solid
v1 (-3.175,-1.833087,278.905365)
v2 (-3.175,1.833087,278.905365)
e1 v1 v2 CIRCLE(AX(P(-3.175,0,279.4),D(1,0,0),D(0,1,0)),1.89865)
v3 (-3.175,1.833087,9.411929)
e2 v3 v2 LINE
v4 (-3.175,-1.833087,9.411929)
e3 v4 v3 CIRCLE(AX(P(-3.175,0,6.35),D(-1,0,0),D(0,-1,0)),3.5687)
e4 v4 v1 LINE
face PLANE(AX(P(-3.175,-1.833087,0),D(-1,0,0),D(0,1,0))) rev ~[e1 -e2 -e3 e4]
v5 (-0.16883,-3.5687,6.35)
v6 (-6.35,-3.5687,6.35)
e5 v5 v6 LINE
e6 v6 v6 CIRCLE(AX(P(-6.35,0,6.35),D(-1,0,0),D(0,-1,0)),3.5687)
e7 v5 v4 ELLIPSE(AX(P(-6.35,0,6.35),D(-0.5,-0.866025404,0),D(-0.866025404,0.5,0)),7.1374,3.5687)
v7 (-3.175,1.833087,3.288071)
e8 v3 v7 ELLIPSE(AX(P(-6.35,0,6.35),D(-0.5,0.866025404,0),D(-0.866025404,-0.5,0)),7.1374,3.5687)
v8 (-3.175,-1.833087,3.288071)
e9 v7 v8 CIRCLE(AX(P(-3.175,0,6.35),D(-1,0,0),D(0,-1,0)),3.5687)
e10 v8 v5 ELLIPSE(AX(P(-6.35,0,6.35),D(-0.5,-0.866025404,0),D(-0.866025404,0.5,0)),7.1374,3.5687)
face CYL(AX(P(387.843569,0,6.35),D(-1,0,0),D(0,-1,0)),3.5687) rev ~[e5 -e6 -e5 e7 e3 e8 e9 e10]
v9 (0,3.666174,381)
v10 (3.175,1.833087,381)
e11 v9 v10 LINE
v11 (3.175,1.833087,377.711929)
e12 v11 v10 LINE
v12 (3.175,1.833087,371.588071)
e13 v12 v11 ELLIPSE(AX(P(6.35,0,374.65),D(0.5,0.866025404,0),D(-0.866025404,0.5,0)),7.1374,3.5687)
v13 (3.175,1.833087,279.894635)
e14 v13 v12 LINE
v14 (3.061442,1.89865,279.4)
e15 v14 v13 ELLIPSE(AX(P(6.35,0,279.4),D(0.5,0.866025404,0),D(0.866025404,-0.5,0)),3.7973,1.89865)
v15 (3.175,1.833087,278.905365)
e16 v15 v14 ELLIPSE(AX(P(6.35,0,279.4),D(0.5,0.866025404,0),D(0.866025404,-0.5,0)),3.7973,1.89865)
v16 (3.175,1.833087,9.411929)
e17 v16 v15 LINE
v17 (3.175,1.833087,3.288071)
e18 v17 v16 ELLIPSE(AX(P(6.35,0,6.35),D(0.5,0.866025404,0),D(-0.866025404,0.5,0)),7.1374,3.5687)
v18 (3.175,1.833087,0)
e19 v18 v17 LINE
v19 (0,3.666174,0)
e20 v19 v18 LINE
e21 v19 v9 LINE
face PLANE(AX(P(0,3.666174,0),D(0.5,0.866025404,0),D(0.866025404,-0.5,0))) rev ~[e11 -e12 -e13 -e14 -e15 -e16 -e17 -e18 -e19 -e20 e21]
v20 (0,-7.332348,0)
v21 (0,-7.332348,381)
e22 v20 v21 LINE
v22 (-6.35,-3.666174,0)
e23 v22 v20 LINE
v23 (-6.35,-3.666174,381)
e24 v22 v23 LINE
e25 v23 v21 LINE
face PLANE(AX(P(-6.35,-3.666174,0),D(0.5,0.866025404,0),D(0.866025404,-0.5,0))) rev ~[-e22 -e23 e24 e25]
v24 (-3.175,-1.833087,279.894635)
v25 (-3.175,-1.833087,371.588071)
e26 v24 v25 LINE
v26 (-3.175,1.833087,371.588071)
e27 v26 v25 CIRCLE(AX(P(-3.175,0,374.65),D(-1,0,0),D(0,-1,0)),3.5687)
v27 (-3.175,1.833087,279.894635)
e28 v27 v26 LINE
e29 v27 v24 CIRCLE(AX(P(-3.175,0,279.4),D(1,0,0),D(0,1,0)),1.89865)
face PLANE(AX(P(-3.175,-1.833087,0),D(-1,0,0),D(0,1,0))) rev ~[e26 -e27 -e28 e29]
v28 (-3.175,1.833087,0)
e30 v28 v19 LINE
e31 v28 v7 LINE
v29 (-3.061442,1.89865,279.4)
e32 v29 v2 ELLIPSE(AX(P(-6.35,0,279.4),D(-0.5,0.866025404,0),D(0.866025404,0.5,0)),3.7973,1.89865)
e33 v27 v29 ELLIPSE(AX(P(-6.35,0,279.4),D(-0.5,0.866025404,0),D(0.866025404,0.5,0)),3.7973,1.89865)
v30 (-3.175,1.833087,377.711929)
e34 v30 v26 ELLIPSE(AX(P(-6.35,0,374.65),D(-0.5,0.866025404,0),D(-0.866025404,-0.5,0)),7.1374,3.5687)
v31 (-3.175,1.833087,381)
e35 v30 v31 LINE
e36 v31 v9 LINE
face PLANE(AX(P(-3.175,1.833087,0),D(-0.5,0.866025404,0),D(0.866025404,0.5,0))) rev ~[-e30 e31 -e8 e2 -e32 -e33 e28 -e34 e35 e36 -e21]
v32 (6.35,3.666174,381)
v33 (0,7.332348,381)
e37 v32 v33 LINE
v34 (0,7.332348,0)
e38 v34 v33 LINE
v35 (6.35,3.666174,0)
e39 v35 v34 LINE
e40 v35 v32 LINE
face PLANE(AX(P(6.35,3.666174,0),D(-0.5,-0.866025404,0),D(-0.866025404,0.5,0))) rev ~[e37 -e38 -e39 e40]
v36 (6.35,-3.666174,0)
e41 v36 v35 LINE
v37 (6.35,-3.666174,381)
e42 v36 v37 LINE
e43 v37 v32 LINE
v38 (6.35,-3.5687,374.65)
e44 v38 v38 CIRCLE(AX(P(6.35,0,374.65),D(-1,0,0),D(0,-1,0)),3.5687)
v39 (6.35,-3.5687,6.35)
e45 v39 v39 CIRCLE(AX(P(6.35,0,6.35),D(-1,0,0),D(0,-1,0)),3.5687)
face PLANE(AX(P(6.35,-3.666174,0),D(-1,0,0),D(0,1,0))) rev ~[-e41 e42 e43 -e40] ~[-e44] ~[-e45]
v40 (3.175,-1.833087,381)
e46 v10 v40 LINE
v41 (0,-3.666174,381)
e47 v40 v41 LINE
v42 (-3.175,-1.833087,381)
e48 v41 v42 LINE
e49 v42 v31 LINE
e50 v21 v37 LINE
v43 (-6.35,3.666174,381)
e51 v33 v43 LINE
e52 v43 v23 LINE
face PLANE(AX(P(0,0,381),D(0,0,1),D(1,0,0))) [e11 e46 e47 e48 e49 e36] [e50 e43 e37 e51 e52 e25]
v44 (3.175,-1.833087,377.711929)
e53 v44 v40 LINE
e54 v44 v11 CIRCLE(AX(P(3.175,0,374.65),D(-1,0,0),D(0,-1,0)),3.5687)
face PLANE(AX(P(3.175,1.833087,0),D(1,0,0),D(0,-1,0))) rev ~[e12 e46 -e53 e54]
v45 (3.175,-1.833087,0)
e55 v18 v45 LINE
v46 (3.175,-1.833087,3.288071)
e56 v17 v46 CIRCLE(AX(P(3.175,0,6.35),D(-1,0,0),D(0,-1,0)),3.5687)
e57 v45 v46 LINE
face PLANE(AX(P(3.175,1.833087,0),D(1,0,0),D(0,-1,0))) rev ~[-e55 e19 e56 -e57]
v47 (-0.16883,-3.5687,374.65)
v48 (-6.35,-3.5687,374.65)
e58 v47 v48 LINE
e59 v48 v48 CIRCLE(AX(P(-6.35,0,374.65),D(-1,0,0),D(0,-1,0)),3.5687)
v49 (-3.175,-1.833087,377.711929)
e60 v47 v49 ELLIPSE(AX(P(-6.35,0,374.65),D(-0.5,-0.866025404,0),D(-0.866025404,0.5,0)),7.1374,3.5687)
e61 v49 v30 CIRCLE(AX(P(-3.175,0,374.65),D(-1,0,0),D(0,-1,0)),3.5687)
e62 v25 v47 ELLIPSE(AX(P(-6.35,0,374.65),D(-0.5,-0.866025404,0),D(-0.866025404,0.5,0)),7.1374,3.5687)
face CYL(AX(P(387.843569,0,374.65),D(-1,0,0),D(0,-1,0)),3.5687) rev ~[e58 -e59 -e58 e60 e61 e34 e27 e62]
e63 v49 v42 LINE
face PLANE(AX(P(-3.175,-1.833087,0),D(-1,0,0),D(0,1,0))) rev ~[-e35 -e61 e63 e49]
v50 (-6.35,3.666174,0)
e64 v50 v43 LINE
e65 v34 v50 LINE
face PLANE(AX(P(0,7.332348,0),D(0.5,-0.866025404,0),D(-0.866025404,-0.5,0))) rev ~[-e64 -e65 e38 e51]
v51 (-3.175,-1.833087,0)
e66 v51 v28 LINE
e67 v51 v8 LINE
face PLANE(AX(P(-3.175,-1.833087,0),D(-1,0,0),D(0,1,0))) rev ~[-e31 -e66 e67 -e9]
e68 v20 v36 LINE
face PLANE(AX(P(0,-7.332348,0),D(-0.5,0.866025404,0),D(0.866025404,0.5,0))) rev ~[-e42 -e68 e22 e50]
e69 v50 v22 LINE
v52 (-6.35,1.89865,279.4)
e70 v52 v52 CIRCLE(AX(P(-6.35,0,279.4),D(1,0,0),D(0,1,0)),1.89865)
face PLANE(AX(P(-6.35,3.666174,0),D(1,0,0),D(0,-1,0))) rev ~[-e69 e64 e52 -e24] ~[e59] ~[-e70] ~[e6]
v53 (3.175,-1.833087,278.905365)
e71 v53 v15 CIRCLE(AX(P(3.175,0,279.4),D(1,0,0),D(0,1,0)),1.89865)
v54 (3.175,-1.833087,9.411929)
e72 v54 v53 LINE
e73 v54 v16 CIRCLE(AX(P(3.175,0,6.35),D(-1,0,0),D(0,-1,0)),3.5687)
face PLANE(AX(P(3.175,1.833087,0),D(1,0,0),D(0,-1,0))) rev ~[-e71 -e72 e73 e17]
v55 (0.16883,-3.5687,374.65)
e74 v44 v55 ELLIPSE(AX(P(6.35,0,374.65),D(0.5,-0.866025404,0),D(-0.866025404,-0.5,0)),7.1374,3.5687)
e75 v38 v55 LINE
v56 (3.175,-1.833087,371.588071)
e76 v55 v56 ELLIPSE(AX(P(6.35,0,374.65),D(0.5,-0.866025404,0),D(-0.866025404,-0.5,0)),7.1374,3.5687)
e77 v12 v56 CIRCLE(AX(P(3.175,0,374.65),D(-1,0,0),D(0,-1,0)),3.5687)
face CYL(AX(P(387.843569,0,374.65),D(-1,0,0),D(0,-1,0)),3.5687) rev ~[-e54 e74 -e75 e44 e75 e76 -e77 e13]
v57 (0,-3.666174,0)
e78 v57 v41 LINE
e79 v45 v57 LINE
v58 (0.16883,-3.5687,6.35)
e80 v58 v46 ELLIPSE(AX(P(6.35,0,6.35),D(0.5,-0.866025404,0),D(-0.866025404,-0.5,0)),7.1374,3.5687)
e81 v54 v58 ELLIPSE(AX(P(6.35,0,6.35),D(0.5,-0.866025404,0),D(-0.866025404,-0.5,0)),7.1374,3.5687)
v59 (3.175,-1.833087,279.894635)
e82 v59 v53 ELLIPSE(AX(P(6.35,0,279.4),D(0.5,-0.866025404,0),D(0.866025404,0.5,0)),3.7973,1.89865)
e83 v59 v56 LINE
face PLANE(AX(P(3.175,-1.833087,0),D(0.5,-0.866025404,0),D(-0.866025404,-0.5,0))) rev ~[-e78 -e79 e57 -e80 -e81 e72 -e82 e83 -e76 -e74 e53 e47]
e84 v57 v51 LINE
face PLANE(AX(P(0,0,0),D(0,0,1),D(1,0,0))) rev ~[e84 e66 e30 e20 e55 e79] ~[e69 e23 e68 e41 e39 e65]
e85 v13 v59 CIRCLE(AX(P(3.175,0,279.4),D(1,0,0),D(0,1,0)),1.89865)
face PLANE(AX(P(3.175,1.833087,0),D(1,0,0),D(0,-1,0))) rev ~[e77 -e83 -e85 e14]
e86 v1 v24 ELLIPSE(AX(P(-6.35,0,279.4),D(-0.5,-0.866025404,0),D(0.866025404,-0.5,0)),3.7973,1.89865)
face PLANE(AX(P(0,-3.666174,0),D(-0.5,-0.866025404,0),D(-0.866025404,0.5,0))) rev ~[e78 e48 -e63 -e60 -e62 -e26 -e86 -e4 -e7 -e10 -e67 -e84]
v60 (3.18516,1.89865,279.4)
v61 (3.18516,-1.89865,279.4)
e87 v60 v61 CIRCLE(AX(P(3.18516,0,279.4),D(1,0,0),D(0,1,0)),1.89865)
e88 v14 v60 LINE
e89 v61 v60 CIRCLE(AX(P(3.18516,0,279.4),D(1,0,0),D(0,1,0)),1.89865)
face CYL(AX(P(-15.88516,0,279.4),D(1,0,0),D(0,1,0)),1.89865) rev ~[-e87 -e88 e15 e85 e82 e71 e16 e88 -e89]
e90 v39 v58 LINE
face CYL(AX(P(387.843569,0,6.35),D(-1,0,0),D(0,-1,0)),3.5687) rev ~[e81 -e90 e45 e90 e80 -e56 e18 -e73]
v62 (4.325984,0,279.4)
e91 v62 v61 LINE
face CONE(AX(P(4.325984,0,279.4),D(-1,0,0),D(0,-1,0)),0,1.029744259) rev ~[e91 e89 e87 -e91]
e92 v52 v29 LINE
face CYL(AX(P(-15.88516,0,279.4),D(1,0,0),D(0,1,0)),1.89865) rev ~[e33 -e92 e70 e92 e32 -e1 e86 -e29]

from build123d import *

# Parameters (mm, degrees)
F1_DEPTH = 381
F3_D     = 7.1374
F5_D     = 3.7973
F5_DEPTH = 9.53516
F5_TIP   = 1.1408240143


with BuildPart() as f1:
    # F0 (on Top) → F1 (new body)
    with BuildSketch(Plane.XY):
        Polygon((6.35, 3.6661742094), (0, 7.3323484187), (-6.35, 3.6661742094), (-6.35, -3.6661742094), (0, -7.3323484187), (6.35, -3.6661742094), align=None)
        Polygon((0, 3.6661742094), (3.175, 1.8330871047), (3.175, -1.8330871047), (0, -3.6661742094), (-3.175, -1.8330871047), (-3.175, 1.8330871047), align=None, mode=Mode.SUBTRACT)
    extrude(amount=F1_DEPTH)

    # F3 (through all)
    with Locations(Plane.YZ.offset(6.35)):
        with Locations((0, 374.65), (0, 6.35)):
            Hole(F3_D / 2)

    # F5
    with Locations(Plane(origin=(-6.35, 0, 0), x_dir=(0, -1, 0), z_dir=(-1, 0, 0))):
        with Locations((0, 279.4)):
            Hole(F5_D / 2, depth=F5_DEPTH)
            with Locations((0, 0, -(F5_DEPTH + F5_TIP / 2))):  # 118° drill point
                Cone(0, F5_D / 2, F5_TIP, mode=Mode.SUBTRACT)


solid = f1.part
